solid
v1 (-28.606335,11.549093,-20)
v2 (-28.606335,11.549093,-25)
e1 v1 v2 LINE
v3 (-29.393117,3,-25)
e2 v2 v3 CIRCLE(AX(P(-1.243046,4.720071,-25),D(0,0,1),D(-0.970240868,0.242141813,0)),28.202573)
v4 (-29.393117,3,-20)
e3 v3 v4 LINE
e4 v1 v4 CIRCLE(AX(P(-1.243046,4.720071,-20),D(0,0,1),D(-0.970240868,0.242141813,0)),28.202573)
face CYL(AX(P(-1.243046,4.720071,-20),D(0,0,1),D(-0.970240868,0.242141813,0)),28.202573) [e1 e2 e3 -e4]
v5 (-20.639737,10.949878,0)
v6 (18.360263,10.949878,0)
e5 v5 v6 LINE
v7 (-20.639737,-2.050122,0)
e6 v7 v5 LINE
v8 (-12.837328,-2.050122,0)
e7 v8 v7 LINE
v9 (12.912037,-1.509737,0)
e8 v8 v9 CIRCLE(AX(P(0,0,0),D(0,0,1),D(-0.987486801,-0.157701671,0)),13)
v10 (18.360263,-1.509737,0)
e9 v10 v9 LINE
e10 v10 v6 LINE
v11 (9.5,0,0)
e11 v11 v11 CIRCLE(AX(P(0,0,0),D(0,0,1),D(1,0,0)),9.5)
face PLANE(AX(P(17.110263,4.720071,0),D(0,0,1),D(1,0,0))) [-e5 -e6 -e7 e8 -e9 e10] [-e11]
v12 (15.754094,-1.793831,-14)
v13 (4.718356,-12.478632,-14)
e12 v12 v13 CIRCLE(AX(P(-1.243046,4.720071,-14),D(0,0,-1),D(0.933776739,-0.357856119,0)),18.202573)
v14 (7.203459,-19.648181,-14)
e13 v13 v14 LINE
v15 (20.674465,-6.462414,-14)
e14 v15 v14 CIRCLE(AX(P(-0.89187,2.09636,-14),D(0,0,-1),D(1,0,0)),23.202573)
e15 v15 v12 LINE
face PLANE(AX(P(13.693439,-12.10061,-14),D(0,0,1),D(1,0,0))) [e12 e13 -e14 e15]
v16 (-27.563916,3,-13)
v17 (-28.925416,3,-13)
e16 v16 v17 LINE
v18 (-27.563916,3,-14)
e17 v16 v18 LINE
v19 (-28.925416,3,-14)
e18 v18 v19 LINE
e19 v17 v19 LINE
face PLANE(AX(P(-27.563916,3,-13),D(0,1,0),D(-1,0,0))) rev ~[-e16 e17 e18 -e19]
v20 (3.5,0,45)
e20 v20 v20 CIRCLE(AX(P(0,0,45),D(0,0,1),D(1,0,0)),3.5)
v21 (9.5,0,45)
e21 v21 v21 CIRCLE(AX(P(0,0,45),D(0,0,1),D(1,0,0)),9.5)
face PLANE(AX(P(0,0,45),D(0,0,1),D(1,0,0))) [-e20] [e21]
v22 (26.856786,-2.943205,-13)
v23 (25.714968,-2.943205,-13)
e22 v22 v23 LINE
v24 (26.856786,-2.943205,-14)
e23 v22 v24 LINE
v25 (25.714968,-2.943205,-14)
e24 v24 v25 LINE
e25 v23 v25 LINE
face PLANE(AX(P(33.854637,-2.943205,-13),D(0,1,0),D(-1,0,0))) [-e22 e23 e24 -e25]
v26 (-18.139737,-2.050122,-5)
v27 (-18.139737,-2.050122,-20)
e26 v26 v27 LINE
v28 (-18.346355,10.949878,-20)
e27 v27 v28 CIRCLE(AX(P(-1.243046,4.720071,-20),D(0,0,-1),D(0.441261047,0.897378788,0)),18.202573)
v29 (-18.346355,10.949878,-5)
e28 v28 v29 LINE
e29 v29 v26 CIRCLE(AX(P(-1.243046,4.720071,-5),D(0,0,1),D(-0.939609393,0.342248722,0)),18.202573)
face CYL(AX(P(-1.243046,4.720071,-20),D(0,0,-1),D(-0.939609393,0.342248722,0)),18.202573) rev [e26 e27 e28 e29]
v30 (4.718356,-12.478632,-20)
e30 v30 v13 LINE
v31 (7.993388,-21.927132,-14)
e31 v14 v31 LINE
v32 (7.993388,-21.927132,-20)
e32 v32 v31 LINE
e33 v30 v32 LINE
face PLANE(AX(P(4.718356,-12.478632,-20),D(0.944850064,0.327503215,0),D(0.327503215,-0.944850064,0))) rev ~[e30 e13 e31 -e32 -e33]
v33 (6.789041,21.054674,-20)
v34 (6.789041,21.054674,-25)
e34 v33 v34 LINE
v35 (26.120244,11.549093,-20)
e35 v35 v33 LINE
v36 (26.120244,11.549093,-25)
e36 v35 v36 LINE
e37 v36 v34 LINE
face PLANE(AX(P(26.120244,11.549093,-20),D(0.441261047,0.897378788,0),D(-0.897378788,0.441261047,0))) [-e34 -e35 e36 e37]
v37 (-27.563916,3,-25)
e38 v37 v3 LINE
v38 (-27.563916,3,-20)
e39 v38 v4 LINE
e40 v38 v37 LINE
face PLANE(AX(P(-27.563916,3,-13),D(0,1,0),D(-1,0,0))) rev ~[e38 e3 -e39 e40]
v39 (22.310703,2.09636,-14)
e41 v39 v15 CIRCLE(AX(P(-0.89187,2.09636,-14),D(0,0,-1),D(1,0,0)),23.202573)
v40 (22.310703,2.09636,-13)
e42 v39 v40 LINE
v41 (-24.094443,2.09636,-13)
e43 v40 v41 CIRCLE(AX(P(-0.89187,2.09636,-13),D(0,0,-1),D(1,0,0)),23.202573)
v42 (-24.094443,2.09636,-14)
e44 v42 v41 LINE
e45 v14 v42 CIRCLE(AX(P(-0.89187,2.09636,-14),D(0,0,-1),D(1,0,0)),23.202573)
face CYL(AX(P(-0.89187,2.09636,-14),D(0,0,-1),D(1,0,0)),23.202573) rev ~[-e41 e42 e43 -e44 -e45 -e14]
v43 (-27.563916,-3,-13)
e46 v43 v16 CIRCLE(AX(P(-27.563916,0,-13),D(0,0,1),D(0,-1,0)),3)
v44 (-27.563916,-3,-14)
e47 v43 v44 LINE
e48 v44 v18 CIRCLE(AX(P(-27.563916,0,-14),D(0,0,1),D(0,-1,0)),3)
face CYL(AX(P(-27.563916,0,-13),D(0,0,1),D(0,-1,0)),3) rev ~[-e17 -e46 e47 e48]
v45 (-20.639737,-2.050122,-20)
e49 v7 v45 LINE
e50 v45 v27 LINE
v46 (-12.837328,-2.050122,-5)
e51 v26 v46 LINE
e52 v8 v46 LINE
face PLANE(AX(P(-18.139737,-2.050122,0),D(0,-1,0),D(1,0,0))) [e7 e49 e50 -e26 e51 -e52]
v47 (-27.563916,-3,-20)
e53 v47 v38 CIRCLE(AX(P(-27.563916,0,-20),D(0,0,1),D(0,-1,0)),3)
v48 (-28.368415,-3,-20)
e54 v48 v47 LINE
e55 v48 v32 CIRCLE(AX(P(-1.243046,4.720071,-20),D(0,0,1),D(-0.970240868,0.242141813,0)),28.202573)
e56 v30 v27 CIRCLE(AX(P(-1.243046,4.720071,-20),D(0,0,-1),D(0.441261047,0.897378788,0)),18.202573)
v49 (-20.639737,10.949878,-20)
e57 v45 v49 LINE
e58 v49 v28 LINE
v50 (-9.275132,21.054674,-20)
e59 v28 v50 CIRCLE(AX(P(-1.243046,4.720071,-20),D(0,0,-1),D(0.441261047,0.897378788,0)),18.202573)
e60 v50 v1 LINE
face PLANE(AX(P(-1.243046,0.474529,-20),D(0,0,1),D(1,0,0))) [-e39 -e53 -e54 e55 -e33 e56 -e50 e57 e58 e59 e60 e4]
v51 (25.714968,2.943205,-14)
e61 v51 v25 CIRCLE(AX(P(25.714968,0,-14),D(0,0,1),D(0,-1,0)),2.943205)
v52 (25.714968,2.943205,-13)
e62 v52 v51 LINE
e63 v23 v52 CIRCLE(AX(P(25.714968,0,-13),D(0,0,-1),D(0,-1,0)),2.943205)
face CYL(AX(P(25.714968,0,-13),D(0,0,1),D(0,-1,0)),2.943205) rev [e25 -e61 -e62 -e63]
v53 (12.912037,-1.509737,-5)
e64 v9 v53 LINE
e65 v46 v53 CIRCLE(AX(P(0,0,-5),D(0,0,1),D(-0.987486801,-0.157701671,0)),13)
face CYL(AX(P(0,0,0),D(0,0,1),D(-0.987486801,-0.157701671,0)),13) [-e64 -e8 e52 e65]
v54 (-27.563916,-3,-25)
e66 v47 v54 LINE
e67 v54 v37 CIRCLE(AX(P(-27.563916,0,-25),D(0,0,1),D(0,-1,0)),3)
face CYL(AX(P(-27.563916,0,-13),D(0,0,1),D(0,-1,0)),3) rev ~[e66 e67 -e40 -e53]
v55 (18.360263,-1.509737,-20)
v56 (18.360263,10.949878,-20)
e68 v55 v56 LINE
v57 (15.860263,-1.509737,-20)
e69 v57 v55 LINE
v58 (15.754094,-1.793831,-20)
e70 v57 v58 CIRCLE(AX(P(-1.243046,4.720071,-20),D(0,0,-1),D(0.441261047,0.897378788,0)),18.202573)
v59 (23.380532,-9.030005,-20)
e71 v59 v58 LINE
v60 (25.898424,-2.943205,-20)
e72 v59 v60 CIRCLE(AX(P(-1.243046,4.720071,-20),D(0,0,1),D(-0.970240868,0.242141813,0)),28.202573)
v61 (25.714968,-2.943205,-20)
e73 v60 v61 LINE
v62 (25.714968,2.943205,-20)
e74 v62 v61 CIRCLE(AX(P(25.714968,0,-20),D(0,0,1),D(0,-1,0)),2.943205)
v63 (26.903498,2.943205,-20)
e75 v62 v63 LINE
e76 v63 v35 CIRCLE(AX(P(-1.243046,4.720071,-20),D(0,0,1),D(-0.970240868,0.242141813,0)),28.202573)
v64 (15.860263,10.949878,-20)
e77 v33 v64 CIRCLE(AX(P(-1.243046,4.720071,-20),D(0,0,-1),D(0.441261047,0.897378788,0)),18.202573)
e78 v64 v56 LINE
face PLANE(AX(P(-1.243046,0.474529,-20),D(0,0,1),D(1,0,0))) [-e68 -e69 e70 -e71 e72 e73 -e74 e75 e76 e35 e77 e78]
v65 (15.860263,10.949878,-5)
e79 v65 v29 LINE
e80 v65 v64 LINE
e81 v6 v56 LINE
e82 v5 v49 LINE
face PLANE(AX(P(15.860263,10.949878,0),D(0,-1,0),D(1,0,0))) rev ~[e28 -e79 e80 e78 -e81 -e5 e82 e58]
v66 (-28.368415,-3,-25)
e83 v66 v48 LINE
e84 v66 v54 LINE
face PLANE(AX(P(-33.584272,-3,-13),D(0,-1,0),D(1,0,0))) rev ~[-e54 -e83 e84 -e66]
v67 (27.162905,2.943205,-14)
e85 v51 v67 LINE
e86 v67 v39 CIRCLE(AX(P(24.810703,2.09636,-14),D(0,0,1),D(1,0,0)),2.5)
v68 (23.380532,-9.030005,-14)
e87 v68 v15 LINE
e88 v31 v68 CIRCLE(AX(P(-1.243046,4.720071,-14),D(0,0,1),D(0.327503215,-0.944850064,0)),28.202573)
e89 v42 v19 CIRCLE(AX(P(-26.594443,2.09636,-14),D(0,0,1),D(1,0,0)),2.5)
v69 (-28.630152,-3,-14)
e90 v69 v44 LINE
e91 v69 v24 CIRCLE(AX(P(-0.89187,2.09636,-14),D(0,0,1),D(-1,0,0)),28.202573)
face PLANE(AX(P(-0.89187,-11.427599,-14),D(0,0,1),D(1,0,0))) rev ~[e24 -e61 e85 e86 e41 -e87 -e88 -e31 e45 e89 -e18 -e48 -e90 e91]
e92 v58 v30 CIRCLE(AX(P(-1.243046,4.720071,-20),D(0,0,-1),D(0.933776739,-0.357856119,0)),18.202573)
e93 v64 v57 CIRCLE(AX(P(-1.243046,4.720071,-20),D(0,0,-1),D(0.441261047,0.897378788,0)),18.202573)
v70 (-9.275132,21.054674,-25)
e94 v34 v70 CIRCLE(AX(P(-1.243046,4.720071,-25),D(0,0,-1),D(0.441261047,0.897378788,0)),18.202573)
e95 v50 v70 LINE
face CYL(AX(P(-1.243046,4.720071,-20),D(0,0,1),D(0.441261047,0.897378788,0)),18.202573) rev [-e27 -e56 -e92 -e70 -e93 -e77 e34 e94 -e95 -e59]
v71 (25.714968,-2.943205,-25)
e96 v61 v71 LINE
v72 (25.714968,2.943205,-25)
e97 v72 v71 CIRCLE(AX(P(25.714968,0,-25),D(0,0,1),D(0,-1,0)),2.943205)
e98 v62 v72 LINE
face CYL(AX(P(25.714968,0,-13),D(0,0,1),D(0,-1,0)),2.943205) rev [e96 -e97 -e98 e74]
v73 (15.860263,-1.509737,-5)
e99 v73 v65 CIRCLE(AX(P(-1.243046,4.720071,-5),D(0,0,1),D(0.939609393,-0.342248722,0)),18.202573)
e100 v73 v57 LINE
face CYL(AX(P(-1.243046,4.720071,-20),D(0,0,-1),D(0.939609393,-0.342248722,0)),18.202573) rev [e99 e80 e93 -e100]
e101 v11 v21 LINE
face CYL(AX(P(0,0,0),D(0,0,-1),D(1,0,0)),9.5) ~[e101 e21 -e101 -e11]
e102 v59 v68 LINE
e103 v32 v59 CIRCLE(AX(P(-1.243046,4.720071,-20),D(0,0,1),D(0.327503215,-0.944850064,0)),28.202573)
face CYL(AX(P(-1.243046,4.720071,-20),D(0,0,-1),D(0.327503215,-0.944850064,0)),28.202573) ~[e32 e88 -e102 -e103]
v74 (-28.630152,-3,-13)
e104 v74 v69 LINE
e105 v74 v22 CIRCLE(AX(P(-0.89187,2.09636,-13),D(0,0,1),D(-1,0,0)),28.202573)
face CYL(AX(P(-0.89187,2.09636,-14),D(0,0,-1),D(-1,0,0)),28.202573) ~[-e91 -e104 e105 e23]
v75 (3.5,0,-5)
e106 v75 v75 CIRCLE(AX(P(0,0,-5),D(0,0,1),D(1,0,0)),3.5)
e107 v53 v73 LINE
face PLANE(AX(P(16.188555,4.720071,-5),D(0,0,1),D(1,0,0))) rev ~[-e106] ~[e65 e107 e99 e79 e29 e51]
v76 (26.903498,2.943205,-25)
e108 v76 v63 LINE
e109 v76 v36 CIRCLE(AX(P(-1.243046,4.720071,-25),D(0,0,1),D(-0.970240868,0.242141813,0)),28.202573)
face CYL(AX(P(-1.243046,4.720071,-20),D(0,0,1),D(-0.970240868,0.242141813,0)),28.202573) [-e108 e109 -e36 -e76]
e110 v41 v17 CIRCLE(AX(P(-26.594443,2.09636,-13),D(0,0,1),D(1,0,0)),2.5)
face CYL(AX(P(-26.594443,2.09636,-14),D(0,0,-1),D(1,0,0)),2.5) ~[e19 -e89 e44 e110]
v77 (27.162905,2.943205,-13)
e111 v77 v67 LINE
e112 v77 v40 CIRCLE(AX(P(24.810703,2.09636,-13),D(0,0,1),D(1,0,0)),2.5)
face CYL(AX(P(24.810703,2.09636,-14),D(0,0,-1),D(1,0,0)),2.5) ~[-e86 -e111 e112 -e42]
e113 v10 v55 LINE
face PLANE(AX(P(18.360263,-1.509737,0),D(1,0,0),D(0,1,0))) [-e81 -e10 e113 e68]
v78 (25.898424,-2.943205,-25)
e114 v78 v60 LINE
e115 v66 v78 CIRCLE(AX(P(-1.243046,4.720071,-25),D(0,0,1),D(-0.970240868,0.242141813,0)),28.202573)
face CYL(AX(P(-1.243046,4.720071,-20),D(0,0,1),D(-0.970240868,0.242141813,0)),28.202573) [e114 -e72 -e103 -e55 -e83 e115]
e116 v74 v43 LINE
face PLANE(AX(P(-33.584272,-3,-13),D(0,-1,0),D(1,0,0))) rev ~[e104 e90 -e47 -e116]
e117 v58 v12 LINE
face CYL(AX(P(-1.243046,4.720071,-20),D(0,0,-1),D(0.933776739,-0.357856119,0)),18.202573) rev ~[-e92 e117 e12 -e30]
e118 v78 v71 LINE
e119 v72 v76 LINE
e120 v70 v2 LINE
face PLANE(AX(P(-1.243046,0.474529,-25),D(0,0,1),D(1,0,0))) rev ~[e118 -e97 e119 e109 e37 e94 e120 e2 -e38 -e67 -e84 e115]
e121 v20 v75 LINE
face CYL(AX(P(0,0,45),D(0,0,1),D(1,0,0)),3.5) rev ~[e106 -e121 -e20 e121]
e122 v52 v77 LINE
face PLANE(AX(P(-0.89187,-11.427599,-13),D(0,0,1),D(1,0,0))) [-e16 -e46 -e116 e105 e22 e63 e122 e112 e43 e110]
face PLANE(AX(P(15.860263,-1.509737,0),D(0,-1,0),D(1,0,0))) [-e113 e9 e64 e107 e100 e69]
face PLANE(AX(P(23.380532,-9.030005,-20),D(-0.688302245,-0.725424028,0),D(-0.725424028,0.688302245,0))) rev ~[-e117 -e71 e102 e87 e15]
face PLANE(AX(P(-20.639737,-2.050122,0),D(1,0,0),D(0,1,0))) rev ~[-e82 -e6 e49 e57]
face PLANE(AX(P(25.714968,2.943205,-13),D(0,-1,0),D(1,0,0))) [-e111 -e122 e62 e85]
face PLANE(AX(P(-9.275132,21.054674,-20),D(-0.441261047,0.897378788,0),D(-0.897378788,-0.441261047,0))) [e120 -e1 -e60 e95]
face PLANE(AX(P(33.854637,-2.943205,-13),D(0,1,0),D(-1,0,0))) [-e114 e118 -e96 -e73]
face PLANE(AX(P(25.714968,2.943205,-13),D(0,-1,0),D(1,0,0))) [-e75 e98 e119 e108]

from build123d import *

# Parameters (mm, degrees)
CROQUIS1_R              = 9.5
SALIENTE_EXTRUIR1_DEPTH = 45
SALIENTE_EXTRUIR2_DEPTH = 5
CROQUIS3_W              = 2.5
CROQUIS3_H              = 12.459614936
CROQUIS3_H_2            = 13
SALIENTE_EXTRUIR3_DEPTH = 20
SALIENTE_EXTRUIR4_DEPTH = 5
CORTAR_EXTRUIR1_DEPTH   = 15
CORTAR_EXTRUIR2_DEPTH   = 15
SALIENTE_EXTRUIR6_DEPTH = 6
SALIENTE_EXTRUIR9_DEPTH = 1
CORTAR_EXTRUIR3_DEPTH   = 30
CORTAR_EXTRUIR4_DEPTH   = 30
CROQUIS14_R             = 3.5
CORTAR_EXTRUIR5_DEPTH   = 71


with BuildPart() as part:
    # Croquis1 → Saliente-Extruir1 (new body)
    with BuildSketch(Plane.XY):
        Circle(CROQUIS1_R)
    extrude(amount=SALIENTE_EXTRUIR1_DEPTH)

    # Croquis2 → Saliente-Extruir2 (add)
    with BuildSketch(Plane(origin=(0, 0, 0), x_dir=(-1, 0, 0), z_dir=(0, 0, -1))):
        with BuildLine():
            Line((-13.86026331, 10.949878275), (16.13973669, 10.949878275))
            Line((16.13973669, 10.949878275), (18.13973669, 10.949878275))
            Line((18.13973669, 10.949878275), (18.13973669, -2.050121725))
            Line((18.13973669, -2.050121725), (12.837328418, -2.050121725))
            ThreePointArc((12.837328418, -2.050121725), (-0.272762426, -12.997138172), (-12.912036834, -1.509736661))
            Line((-12.912036834, -1.509736661), (-15.86026331, -1.509736661))
            Line((-15.86026331, -1.509736661), (-15.86026331, 10.949878275))
            Line((-15.86026331, 10.949878275), (-13.86026331, 10.949878275))
        make_face()
    extrude(amount=SALIENTE_EXTRUIR2_DEPTH)

    # Croquis3 → Saliente-Extruir3 (add)
    with BuildSketch(Plane.XY):
        with Locations((17.11026331, 4.720070807)):
            Rectangle(CROQUIS3_W, CROQUIS3_H)
        with Locations((-19.38973669, 4.449878275)):
            Rectangle(CROQUIS3_W, CROQUIS3_H_2)
    extrude(amount=-SALIENTE_EXTRUIR3_DEPTH)

    # Croquis4 → Saliente-Extruir4 (add)
    with BuildSketch(Plane(origin=(0, 0, -20), x_dir=(-1, 0, 0), z_dir=(0, 0, -1))):
        with BuildLine():
            Line((-26.12024366, 11.549093047), (-6.789040969, 21.054674019))
            ThreePointArc((-6.789040969, 21.054674019), (1.243045599, -13.482502548), (9.275132167, 21.054674019))
            Line((9.275132167, 21.054674019), (28.606334858, 11.549093047))
            ThreePointArc((28.606334858, 11.549093047), (1.243045599, -23.482502548), (-26.12024366, 11.549093047))
        make_face()
    extrude(amount=SALIENTE_EXTRUIR4_DEPTH)

    # Croquis5 → Cortar-Extruir1 (cut)
    with BuildSketch(Plane(origin=(0, 0, -20), x_dir=(-1, 0, 0), z_dir=(0, 0, -1))):
        with BuildLine():
            Line((-15.86026331, 10.949878275), (-15.86026331, -1.509736661))
            ThreePointArc((-15.86026331, -1.509736661), (-16.959527756, 4.720070807), (-15.86026331, 10.949878275))
        make_face()
    extrude(amount=-CORTAR_EXTRUIR1_DEPTH, mode=Mode.SUBTRACT)

    # Croquis6 → Cortar-Extruir2 (cut)
    with BuildSketch(Plane(origin=(0, 0, -20), x_dir=(-1, 0, 0), z_dir=(0, 0, -1))):
        with BuildLine():
            Line((18.13973669, -2.050121725), (18.13973669, 10.949878275))
            Line((18.13973669, 10.949878275), (18.346354508, 10.949878275))
            ThreePointArc((18.346354508, 10.949878275), (19.443320322, 4.430801495), (18.13973669, -2.050121725))
        make_face()
    extrude(amount=-CORTAR_EXTRUIR2_DEPTH, mode=Mode.SUBTRACT)

    # Croquis8 → Saliente-Extruir6 (add)
    with BuildSketch(Plane.XY.offset(-20)):
        with BuildLine():
            Line((23.380531683, -9.030005034), (15.754093987, -1.793831452))
            ThreePointArc((15.754093987, -1.793831452), (11.418506022, -8.357344354), (4.718355695, -12.478631799))
            Line((4.718355695, -12.478631799), (7.993387845, -21.927132443))
            ThreePointArc((7.993387845, -21.927132443), (16.873495336, -16.894185793), (23.380531683, -9.030005034))
        make_face()
    extrude(amount=SALIENTE_EXTRUIR6_DEPTH)

    # Croquis10 → Saliente-Extruir9 (add)
    with BuildSketch(Plane.XY.offset(-14)):
        with BuildLine():
            ThreePointArc((-29.094443415, 2.096360018), (-0.89187006, -26.106213336), (27.310703295, 2.096360018))
            ThreePointArc((27.310703295, 2.096360018), (24.810703295, 4.596360018), (22.310703295, 2.096360018))
            ThreePointArc((22.310703295, 2.096360018), (-0.89187006, -21.106213336), (-24.094443415, 2.096360018))
            ThreePointArc((-24.094443415, 2.096360018), (-26.594443415, 4.596360018), (-29.094443415, 2.096360018))
        make_face()
    extrude(amount=SALIENTE_EXTRUIR9_DEPTH)

    # Croquis12 → Cortar-Extruir3 (cut)
    with BuildSketch(Plane.XY.offset(-13)):
        with BuildLine():
            Line((-27.563915972, 3), (-28.925416341, 3))
            Line((-28.925416341, 3), (-33.584272261, 3))
            Line((-33.584272261, 3), (-33.584272261, -3))
            Line((-33.584272261, -3), (-28.63015152, -3))
            Line((-28.63015152, -3), (-27.563915972, -3))
            ThreePointArc((-27.563915972, -3), (-24.563915972, 0), (-27.563915972, 3))
        make_face()
    extrude(amount=-CORTAR_EXTRUIR3_DEPTH, mode=Mode.SUBTRACT)

    # Croquis13 → Cortar-Extruir4 (cut)
    with BuildSketch(Plane.XY.offset(-13)):
        with BuildLine():
            Line((25.714967949, 2.943204688), (33.854636773, 2.943204688))
            Line((33.854636773, 2.943204688), (33.854636773, -2.943204688))
            Line((33.854636773, -2.943204688), (25.714967949, -2.943204688))
            ThreePointArc((25.714967949, -2.943204688), (22.771763261, 0), (25.714967949, 2.943204688))
        make_face()
    extrude(amount=-CORTAR_EXTRUIR4_DEPTH, mode=Mode.SUBTRACT)

    # Croquis14 → Cortar-Extruir5 (cut, through all)
    with BuildSketch(Plane.XY.offset(45)):
        Circle(CROQUIS14_R)
    extrude(amount=-CORTAR_EXTRUIR5_DEPTH, mode=Mode.SUBTRACT)


solid = part.part
